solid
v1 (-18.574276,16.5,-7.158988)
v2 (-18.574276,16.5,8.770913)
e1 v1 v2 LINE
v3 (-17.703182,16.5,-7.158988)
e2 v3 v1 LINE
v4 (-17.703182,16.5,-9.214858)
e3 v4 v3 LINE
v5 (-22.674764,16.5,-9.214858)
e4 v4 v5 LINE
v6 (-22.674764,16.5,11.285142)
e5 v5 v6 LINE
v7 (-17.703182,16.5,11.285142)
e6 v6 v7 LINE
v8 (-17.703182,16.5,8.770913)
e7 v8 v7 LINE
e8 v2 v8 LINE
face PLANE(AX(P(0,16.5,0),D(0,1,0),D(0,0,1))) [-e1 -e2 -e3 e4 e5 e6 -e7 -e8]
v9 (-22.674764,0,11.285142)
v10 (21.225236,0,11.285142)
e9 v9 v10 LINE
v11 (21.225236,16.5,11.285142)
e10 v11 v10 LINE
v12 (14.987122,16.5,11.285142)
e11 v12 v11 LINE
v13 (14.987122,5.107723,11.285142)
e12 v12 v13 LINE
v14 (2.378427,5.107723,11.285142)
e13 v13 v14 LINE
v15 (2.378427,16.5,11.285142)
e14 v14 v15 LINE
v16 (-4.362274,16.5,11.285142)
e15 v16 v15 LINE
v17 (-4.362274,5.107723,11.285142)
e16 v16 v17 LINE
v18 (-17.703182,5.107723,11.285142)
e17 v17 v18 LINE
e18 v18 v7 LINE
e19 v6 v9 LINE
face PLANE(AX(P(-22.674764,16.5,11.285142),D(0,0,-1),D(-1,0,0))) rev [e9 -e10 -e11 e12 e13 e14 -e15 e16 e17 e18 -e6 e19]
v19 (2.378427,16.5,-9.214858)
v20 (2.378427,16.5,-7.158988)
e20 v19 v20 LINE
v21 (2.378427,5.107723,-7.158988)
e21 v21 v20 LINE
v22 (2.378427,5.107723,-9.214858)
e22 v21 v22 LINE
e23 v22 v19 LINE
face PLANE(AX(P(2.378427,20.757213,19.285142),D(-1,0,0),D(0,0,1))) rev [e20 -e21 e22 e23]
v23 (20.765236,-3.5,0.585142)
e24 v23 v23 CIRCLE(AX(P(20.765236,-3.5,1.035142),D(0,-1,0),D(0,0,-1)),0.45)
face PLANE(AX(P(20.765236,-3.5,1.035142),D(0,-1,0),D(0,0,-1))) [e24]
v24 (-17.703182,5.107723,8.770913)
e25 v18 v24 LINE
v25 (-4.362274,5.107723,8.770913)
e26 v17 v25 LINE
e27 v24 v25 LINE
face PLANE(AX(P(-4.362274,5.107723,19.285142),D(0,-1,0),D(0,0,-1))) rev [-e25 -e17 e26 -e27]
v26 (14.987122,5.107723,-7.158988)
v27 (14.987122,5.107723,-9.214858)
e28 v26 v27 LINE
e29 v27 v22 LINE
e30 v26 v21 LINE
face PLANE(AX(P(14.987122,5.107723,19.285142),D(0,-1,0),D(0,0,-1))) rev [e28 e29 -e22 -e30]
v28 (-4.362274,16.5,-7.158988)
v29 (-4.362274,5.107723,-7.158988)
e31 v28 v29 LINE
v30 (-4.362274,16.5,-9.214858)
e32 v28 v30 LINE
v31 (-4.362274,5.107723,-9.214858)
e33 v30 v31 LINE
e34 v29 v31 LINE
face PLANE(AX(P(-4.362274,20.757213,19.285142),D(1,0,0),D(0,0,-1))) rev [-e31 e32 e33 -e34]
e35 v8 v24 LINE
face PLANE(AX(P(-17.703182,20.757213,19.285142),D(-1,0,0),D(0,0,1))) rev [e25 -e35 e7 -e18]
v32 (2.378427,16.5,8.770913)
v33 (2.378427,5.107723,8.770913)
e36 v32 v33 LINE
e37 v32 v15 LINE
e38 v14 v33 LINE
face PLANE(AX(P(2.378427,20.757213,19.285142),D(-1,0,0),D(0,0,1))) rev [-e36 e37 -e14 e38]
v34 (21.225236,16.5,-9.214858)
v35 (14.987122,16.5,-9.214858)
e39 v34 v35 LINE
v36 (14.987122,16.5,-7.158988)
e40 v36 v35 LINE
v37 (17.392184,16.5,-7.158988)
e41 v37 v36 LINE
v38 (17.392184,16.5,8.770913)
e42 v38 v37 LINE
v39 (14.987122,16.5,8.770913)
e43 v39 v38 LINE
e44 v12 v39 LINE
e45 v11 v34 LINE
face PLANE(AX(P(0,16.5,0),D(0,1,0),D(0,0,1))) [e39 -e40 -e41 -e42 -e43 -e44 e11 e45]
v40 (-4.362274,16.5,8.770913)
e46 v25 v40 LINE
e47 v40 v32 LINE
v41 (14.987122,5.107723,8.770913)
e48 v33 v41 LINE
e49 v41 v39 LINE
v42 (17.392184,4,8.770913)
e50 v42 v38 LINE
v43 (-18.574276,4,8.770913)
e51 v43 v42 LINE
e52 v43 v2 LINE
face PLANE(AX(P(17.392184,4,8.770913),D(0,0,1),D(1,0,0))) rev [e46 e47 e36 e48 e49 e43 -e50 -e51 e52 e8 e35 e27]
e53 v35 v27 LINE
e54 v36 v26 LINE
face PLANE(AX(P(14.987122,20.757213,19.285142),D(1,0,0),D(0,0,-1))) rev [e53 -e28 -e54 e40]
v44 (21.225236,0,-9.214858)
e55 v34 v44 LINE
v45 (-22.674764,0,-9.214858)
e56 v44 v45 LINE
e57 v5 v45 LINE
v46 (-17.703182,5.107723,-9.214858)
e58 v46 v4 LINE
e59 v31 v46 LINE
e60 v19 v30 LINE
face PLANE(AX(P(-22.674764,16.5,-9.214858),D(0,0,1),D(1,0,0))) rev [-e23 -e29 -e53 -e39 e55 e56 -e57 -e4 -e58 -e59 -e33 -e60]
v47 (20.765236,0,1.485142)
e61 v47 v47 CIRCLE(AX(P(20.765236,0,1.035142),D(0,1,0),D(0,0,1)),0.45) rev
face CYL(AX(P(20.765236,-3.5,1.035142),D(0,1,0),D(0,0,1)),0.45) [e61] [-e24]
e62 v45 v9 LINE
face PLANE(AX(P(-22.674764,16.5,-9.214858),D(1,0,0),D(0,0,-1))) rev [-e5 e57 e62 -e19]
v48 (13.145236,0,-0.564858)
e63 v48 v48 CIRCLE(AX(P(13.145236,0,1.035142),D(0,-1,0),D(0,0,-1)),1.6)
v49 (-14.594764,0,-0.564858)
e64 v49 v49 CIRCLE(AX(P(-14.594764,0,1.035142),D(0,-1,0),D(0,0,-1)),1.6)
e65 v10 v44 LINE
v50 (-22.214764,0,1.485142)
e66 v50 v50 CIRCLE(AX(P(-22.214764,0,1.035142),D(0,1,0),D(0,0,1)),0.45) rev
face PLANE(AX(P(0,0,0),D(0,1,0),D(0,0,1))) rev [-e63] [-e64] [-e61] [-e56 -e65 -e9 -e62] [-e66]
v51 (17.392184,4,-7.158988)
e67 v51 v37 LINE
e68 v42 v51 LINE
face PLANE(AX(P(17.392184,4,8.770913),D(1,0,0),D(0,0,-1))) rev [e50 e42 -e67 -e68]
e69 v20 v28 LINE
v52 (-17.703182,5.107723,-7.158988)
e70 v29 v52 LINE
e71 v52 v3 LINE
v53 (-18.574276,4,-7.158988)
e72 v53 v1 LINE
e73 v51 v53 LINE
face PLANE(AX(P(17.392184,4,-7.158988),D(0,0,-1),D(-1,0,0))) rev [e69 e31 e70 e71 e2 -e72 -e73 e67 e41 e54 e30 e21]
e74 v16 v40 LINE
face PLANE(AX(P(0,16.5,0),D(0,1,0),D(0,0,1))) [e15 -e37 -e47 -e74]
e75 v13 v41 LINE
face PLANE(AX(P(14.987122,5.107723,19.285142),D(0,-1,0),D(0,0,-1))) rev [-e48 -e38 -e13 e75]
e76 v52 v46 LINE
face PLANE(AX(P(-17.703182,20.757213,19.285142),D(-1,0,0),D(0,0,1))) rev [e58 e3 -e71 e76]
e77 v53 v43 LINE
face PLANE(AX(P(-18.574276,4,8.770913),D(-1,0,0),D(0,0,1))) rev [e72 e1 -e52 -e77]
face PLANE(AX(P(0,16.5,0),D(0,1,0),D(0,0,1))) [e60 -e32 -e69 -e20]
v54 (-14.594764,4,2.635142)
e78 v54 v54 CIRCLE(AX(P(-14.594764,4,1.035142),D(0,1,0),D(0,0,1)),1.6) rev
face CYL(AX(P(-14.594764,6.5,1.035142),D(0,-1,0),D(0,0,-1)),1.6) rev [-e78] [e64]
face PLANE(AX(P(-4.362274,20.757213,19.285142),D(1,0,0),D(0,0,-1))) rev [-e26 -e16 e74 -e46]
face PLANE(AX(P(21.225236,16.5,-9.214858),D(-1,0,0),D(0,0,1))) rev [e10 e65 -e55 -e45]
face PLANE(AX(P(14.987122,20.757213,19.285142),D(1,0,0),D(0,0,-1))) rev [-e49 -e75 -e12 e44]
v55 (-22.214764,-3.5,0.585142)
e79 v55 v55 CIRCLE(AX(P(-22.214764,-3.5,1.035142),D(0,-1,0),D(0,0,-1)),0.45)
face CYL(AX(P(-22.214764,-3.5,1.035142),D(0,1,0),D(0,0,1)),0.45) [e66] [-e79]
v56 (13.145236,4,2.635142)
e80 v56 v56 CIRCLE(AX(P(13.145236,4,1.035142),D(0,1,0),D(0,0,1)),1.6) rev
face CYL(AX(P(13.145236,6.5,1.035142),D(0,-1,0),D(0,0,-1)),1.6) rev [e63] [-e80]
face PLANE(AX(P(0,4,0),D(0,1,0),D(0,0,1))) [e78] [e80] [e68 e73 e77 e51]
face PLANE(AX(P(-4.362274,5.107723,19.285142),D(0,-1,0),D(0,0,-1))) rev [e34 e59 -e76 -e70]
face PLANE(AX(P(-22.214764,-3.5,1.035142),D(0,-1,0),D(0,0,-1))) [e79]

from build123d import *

# Parameters (mm, degrees)
SKETCH1_W           = 43.9
SKETCH1_H           = 20.5
BOSS_EXTRUDE1_DEPTH = 16.5
SKETCH3_R           = 1.6
CUT_EXTRUDE1_DEPTH  = 6.5
SKETCH5_W           = 35.96646031
SKETCH5_H           = 15.929900813
CUT_EXTRUDE3_DEPTH  = 12.5
SKETCH4_W           = 12.608694843
SKETCH4_H           = 15.64948953
SKETCH4_W_2         = 13.340907584
CUT_EXTRUDE4_DEPTH  = 28.5
SKETCH6_R           = 0.45
BOSS_EXTRUDE2_DEPTH = 3.5


with BuildPart() as part:
    # Sketch1 → Boss-Extrude1 (new body)
    with BuildSketch(Plane(origin=(0, 0, 0), x_dir=(1, 0, 0), z_dir=(0, 1, 0))):
        with Locations((-0.724764151, -1.035141509)):
            Rectangle(SKETCH1_W, SKETCH1_H)
    extrude(amount=BOSS_EXTRUDE1_DEPTH)

    # Sketch3 → Cut-Extrude1 (cut)
    with BuildSketch(Plane(origin=(0, 0, 0), x_dir=(-1, 0, 0), z_dir=(0, -1, 0))):
        with Locations((-13.145235849, -1.035141509)):
            Circle(SKETCH3_R)
        with Locations((14.594764151, -1.035141509)):
            Circle(SKETCH3_R)
    extrude(amount=-CUT_EXTRUDE1_DEPTH, mode=Mode.SUBTRACT)

    # Sketch5 → Cut-Extrude3 (cut)
    with BuildSketch(Plane(origin=(0, 16.5, 0), x_dir=(1, 0, 0), z_dir=(0, 1, 0))):
        with Locations((-0.591045911, -0.805962597)):
            Rectangle(SKETCH5_W, SKETCH5_H)
    extrude(amount=-CUT_EXTRUDE3_DEPTH, mode=Mode.SUBTRACT)

    # Sketch4 → Cut-Extrude4 (cut)
    with BuildSketch(Plane(origin=(0, 0, -9.214858491), x_dir=(-1, 0, 0), z_dir=(0, 0, -1))):
        with Locations((-8.682774774, 12.932468191)):
            Rectangle(SKETCH4_W, SKETCH4_H)
        with Locations((11.03272818, 12.932468191)):
            Rectangle(SKETCH4_W_2, SKETCH4_H)
    extrude(amount=-CUT_EXTRUDE4_DEPTH, mode=Mode.SUBTRACT)

    # Sketch6 → Boss-Extrude2 (add)
    with BuildSketch(Plane.XZ):
        with Locations((20.765235849, 1.035141509)):
            Circle(SKETCH6_R)
        with Locations((-22.214764151, 1.035141509)):
            Circle(SKETCH6_R)
    extrude(amount=BOSS_EXTRUDE2_DEPTH)


solid = part.part
